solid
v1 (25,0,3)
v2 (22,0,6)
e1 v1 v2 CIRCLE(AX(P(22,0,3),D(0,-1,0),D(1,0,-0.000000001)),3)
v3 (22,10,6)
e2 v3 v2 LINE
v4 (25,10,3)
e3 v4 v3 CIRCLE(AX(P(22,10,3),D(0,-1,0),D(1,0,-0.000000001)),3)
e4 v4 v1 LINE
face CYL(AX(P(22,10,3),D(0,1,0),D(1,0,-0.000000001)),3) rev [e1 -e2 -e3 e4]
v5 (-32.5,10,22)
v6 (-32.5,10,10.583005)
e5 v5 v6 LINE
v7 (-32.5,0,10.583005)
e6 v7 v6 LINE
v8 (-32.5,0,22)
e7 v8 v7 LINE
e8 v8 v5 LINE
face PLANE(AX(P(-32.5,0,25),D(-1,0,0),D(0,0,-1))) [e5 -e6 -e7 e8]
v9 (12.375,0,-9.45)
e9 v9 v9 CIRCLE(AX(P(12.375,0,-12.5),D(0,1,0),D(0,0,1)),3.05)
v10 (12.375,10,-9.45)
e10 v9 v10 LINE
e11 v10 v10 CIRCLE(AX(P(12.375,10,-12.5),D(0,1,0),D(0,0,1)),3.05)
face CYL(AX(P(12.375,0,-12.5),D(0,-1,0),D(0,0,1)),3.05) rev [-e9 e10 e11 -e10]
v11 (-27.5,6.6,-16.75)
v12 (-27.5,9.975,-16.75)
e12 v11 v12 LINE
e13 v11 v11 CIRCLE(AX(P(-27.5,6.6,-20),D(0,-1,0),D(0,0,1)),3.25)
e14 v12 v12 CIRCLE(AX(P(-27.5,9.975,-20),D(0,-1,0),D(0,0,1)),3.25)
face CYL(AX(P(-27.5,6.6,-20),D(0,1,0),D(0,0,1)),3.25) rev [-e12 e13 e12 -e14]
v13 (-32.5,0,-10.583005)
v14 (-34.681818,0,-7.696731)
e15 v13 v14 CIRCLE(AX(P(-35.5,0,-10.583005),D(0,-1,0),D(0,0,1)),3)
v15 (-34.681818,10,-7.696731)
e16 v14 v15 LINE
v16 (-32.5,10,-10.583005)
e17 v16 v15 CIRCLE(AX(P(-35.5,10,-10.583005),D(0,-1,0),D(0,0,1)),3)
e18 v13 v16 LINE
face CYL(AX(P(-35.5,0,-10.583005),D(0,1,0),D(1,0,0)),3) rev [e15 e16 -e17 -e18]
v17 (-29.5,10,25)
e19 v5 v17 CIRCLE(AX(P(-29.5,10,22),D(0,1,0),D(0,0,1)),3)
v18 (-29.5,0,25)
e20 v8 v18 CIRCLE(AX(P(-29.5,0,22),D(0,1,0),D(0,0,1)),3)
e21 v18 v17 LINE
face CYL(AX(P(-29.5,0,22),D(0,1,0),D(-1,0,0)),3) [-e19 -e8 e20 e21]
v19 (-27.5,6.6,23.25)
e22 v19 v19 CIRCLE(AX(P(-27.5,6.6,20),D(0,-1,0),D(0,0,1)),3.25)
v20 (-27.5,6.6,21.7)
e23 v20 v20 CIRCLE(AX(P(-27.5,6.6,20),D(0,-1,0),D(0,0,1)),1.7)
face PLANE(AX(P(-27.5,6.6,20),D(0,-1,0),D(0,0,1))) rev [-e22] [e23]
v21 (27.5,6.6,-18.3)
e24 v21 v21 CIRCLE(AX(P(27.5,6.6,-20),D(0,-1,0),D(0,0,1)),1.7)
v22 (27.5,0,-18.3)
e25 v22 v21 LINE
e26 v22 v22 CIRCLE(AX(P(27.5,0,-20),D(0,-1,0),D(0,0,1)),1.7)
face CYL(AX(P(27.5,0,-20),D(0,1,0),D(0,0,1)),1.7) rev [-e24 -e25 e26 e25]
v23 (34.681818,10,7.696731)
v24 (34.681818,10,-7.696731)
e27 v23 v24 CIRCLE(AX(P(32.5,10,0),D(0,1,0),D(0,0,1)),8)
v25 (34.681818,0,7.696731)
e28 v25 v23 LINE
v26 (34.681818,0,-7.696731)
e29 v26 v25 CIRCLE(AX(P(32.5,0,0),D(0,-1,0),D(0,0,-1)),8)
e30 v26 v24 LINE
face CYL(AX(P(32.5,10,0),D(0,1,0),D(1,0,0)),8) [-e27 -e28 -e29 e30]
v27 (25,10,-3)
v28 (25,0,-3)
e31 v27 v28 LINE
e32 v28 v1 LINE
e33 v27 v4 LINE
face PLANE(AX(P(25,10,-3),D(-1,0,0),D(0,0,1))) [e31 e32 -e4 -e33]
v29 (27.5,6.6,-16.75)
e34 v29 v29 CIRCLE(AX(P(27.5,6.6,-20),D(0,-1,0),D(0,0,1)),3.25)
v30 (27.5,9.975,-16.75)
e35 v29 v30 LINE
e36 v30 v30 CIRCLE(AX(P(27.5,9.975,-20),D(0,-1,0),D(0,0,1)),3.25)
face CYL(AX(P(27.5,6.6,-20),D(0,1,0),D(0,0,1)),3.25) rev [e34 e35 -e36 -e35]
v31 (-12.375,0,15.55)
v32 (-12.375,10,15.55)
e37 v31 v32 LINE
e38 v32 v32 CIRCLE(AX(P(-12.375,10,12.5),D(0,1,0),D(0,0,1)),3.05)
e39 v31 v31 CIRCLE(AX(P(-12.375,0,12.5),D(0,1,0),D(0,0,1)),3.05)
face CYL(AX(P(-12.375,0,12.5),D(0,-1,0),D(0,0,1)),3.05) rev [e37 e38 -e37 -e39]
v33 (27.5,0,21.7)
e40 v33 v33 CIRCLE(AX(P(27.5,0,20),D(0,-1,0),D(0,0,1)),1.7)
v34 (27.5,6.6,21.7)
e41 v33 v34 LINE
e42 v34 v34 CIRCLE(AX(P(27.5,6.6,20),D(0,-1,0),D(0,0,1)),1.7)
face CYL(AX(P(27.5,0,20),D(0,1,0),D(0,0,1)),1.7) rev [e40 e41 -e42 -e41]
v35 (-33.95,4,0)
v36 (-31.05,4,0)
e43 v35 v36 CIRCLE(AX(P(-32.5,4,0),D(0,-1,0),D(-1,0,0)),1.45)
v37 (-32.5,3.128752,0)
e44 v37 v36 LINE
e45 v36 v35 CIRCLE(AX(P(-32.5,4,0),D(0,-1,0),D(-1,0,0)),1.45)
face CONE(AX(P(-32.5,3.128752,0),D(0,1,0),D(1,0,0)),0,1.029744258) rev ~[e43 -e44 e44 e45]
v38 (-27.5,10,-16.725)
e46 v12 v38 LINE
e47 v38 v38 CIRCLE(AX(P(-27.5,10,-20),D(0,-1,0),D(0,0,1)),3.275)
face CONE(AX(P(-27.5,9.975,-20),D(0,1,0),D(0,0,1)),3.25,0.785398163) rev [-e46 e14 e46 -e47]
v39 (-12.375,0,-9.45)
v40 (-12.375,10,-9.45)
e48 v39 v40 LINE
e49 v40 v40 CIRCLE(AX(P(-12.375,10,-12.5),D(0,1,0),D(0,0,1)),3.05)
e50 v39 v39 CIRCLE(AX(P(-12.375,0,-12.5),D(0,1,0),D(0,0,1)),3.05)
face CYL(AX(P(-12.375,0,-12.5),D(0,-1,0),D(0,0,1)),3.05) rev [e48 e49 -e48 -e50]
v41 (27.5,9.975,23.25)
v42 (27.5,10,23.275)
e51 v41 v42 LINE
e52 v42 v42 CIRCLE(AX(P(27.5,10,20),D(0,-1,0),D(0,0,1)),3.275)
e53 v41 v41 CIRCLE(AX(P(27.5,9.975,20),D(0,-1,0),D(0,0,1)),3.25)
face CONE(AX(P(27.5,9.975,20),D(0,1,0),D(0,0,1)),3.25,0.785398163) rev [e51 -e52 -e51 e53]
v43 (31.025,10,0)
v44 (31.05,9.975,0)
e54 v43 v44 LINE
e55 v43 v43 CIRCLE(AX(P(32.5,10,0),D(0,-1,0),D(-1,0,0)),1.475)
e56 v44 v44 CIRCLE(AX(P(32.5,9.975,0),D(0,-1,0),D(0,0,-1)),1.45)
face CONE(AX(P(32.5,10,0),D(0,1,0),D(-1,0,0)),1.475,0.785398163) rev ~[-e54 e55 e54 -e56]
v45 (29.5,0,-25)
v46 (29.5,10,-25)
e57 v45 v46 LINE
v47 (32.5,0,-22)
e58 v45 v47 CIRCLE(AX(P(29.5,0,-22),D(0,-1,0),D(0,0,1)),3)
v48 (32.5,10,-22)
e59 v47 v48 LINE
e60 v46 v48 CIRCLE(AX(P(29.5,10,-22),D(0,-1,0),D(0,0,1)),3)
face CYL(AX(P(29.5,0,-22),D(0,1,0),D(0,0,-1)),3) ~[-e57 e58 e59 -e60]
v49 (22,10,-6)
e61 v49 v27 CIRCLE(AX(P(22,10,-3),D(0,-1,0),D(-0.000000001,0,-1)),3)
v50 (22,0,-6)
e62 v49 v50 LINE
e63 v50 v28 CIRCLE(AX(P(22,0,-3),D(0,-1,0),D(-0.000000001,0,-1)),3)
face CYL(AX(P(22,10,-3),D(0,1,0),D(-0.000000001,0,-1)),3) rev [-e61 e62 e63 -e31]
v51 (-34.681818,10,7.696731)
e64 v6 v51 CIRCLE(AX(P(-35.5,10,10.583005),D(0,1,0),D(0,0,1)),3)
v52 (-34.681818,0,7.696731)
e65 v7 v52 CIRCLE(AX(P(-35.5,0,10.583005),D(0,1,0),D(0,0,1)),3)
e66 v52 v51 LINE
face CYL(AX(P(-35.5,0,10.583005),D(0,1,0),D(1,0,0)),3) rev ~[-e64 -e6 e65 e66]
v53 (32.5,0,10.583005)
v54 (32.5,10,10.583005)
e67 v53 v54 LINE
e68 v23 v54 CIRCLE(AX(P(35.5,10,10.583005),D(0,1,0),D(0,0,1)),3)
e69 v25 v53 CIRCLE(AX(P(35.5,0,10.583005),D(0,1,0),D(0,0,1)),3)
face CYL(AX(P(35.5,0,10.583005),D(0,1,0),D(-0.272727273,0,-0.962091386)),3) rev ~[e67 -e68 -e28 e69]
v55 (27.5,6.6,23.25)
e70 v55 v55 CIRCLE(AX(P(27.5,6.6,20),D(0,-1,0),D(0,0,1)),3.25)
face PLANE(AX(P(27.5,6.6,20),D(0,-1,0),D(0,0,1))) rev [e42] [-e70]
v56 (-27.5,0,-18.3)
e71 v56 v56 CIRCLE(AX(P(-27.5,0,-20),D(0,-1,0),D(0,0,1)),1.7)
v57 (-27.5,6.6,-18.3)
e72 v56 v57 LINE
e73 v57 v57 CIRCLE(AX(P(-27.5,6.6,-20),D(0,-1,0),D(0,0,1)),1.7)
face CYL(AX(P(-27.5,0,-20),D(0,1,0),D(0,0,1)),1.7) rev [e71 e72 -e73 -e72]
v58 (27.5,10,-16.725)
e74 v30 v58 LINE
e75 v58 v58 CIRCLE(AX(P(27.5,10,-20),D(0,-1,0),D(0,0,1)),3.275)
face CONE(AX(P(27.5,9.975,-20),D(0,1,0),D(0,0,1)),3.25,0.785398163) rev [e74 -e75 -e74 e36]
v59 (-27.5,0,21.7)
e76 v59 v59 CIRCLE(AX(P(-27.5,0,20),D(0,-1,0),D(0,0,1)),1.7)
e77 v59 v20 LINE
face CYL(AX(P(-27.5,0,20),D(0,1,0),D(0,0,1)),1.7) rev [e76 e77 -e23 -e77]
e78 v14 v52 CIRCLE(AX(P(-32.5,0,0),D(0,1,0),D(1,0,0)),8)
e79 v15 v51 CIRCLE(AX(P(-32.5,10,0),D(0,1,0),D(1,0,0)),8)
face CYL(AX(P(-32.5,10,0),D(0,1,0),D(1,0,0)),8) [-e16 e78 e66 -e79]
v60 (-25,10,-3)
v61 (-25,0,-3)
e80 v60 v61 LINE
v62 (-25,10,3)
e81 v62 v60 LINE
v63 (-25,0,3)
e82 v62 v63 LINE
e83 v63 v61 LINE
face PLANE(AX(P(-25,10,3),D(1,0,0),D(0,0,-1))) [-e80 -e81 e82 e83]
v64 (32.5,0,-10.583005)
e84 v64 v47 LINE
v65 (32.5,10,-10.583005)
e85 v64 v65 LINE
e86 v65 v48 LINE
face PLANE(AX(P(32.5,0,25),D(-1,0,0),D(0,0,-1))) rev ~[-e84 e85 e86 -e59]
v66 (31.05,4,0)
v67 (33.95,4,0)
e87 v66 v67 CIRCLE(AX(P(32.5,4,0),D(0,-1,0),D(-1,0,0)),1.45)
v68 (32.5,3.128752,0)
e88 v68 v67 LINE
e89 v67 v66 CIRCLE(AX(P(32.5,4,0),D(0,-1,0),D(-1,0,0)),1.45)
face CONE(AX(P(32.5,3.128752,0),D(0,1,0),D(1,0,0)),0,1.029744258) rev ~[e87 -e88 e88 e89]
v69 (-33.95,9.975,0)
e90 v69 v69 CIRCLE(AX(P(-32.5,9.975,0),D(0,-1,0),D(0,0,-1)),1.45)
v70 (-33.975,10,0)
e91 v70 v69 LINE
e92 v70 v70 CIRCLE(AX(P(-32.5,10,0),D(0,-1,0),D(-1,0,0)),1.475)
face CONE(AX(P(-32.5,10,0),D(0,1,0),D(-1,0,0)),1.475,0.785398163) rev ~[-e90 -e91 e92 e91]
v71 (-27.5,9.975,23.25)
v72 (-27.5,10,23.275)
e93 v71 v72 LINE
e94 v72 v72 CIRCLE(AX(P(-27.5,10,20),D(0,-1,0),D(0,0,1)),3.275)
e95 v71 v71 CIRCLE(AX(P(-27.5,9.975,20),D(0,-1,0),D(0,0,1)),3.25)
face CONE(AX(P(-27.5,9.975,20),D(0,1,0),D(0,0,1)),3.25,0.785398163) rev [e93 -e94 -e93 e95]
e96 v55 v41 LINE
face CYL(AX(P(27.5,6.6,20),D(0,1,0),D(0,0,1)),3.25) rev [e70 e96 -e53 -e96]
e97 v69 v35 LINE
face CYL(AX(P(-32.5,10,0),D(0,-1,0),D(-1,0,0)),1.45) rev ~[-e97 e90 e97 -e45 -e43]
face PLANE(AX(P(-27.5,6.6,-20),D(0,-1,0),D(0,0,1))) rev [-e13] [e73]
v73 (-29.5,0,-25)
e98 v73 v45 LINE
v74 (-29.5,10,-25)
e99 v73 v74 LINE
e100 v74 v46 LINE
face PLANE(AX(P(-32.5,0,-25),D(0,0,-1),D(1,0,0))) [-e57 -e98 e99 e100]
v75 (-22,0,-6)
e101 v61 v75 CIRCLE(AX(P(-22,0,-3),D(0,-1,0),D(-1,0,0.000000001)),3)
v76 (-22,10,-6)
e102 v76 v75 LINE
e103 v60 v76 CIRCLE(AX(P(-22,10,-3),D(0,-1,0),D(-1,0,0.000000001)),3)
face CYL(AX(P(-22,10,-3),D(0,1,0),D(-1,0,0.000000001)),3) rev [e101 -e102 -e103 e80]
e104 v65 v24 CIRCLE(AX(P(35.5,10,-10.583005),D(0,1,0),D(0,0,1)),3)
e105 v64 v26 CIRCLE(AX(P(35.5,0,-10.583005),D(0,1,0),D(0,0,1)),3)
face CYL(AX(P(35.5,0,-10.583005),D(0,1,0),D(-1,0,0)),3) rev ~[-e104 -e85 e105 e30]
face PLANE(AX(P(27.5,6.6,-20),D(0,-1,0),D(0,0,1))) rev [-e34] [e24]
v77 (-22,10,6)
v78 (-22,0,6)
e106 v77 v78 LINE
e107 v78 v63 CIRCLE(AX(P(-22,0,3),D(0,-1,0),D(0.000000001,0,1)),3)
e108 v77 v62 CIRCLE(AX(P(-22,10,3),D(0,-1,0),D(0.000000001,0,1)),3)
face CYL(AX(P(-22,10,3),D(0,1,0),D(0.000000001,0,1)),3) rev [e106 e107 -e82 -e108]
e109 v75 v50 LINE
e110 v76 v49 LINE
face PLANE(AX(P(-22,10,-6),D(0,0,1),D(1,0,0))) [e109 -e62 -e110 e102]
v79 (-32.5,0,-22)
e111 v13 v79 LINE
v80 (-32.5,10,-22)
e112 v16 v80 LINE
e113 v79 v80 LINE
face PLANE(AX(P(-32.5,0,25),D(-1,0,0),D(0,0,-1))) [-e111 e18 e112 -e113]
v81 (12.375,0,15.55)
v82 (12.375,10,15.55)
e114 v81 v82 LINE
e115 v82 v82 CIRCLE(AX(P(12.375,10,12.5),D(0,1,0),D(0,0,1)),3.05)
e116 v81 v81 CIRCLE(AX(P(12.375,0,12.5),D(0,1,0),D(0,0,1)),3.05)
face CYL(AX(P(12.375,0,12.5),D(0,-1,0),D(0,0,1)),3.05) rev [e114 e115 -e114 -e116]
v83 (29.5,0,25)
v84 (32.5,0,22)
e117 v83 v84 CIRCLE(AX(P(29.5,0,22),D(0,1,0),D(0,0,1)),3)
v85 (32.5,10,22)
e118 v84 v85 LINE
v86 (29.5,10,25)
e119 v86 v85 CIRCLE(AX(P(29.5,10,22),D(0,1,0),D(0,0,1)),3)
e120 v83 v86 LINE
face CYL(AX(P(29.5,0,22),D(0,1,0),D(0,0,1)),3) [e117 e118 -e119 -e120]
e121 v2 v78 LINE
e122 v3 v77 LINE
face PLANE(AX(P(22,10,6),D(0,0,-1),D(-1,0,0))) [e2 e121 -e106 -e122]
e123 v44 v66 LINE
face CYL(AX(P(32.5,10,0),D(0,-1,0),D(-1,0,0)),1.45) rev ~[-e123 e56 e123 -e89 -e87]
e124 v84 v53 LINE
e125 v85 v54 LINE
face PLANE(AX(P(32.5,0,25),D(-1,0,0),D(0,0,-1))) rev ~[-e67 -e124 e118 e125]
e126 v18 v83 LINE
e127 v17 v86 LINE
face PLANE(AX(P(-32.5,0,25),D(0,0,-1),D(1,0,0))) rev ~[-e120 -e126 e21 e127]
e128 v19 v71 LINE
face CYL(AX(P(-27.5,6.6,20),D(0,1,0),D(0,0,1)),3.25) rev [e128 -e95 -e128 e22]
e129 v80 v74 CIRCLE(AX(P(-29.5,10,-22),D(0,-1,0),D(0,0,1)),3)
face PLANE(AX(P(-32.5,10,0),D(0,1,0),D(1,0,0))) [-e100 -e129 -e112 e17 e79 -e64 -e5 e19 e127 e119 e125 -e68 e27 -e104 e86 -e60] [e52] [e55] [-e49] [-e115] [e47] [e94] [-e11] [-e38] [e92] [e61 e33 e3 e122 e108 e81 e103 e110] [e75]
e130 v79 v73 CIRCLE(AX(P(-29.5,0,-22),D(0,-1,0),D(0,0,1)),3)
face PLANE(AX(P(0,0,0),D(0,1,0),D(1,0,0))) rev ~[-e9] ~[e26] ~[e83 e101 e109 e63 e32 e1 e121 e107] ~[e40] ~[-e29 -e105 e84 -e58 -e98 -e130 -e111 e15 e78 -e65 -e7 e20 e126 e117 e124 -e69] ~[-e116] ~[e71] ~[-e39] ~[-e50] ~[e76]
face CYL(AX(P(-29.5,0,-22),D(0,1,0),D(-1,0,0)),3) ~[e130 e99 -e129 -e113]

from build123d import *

# Parameters (mm, degrees)
SKETCH1_W                                    = 65
SKETCH1_H                                    = 50
SKETCH1_R                                    = 3.05
BOSS_EXTRUDE1_DEPTH                          = 10
FILLET1_R                                    = 3
CBORE_FOR_M3_HEX_SOCKET_HEAD_CAP_SCR_2_COUNT = 2
CBORE_FOR_M3_HEX_SOCKET_HEAD_CAP_SCR_2_PITCH = 55
CBORE_FOR_M3_HEX_SOCKET_HEAD_CAP_SCR_3_COUNT = 2
CBORE_FOR_M3_HEX_SOCKET_HEAD_CAP_SCR_3_PITCH = 68.007352544
CBORE_FOR_M3_HEX_SOCKET_HEAD_CAP_SCR_4_COUNT = 2
CBORE_FOR_M3_HEX_SOCKET_HEAD_CAP_SCR_4_PITCH = 40
SKETCH6_R                                    = 8
BOSS_EXTRUDE2_DEPTH                          = 10
FILLET2_R                                    = 3
F_2_9_2_9_DIAMETER_HOLE1_D                   = 2.9
F_2_9_2_9_DIAMETER_HOLE1_DEPTH               = 6
F_2_9_2_9_DIAMETER_HOLE1_CSINK_D             = 2.95
F_2_9_2_9_DIAMETER_HOLE1_CSINK_ANGLE         = 90
F_2_9_2_9_DIAMETER_HOLE1_TIP                 = 0.871247898
CUT_EXTRUDE1_DEPTH                           = 10


with BuildPart() as part:
    # Sketch1 → Boss-Extrude1 (new body)
    with BuildSketch(Plane(origin=(0, 0, 0), x_dir=(1, 0, 0), z_dir=(0, 1, 0))):
        Rectangle(SKETCH1_W, SKETCH1_H)
        with Locations(Location((-12.375, 12.5, 0), (0, 0, 270))):
            Circle(SKETCH1_R, mode=Mode.SUBTRACT)
        with Locations(Location((-12.375, -12.5, 0), (0, 0, 270))):
            Circle(SKETCH1_R, mode=Mode.SUBTRACT)
        with Locations(Location((12.375, 12.5, 0), (0, 0, 270))):
            Circle(SKETCH1_R, mode=Mode.SUBTRACT)
        with Locations(Location((12.375, -12.5, 0), (0, 0, 270))):
            Circle(SKETCH1_R, mode=Mode.SUBTRACT)
    extrude(amount=BOSS_EXTRUDE1_DEPTH)

    # Fillet1
    fillet1_edges = [part.edges().sort_by_distance(p)[0] for p in [
        (32.5, 5, 25),
        (-32.5, 5, 25),
        (-32.5, 5, -25),
        (32.5, 5, -25),
    ]]
    fillet(fillet1_edges, radius=FILLET1_R)

    # Sketch3 → CBORE for M3 Hex Socket Head Cap Screw1 (revolve, cut)
    with BuildSketch(Plane(origin=(27.5, 10, -20), x_dir=(0, 0, 1), z_dir=(1, 0, 0))):
        Polygon((0, 0), (0, 10), (1.7, 10), (1.7, 3.4), (3.25, 3.4), (3.25, 0.025), (3.275, 0), align=None)
    cbore_for_m3_hex_socket_head_cap_screw1 = revolve(axis=Axis((27.5, 16.35, -20), (0, -1, 0)), mode=Mode.SUBTRACT)

    # CBORE for M3 Hex Socket Head Cap Scr 2: CBORE for M3 Hex Socket Head Cap Screw1 ×2
    with Locations(*[(-i * CBORE_FOR_M3_HEX_SOCKET_HEAD_CAP_SCR_2_PITCH, 0, 0) for i in range(1, CBORE_FOR_M3_HEX_SOCKET_HEAD_CAP_SCR_2_COUNT)]):
        add(cbore_for_m3_hex_socket_head_cap_screw1, mode=Mode.SUBTRACT)

    # CBORE for M3 Hex Socket Head Cap Scr 3: CBORE for M3 Hex Socket Head Cap Screw1 ×2
    with Locations(*[Vector(-0.8087360843031886, 0, 0.5881716976750463) * (i * CBORE_FOR_M3_HEX_SOCKET_HEAD_CAP_SCR_3_PITCH) for i in range(1, CBORE_FOR_M3_HEX_SOCKET_HEAD_CAP_SCR_3_COUNT)]):
        add(cbore_for_m3_hex_socket_head_cap_screw1, mode=Mode.SUBTRACT)

    # CBORE for M3 Hex Socket Head Cap Scr 4: CBORE for M3 Hex Socket Head Cap Screw1 ×2
    with Locations(*[(0, 0, i * CBORE_FOR_M3_HEX_SOCKET_HEAD_CAP_SCR_4_PITCH) for i in range(1, CBORE_FOR_M3_HEX_SOCKET_HEAD_CAP_SCR_4_COUNT)]):
        add(cbore_for_m3_hex_socket_head_cap_screw1, mode=Mode.SUBTRACT)

    # Sketch6 → Boss-Extrude2 (add)
    with BuildSketch(Plane(origin=(0, 10, 0), x_dir=(1, 0, 0), z_dir=(0, 1, 0))):
        with Locations((-32.5, 0)):
            Circle(SKETCH6_R)
        with Locations((32.5, 0)):
            Circle(SKETCH6_R)
    extrude(amount=-BOSS_EXTRUDE2_DEPTH)

    # Fillet2
    fillet2_edges = [part.edges().sort_by_distance(p)[0] for p in [
        (32.5, 5, -8),
        (32.5, 5, 8),
        (-32.5, 5, 8),
        (-32.5, 5, -8),
    ]]
    fillet(fillet2_edges, radius=FILLET2_R)

    # Ø2.9 (2.9) Diameter Hole1
    with Locations(Plane(origin=(0, 10, 0), x_dir=(1, 0, 0), z_dir=(0, 1, 0))):
        with Locations((-32.5, 0), (32.5, 0)):
            CounterSinkHole(F_2_9_2_9_DIAMETER_HOLE1_D / 2, F_2_9_2_9_DIAMETER_HOLE1_CSINK_D / 2, depth=F_2_9_2_9_DIAMETER_HOLE1_DEPTH, counter_sink_angle=F_2_9_2_9_DIAMETER_HOLE1_CSINK_ANGLE)
            with Locations((0, 0, -(F_2_9_2_9_DIAMETER_HOLE1_DEPTH + F_2_9_2_9_DIAMETER_HOLE1_TIP / 2))):  # 118° drill point
                Cone(0, F_2_9_2_9_DIAMETER_HOLE1_D / 2, F_2_9_2_9_DIAMETER_HOLE1_TIP, mode=Mode.SUBTRACT)

    # Sketch9 → Cut-Extrude1 (cut)
    with BuildSketch(Plane(origin=(0, 10, 0), x_dir=(1, 0, 0), z_dir=(0, 1, 0))):
        with BuildLine():
            Line((-22, 6), (22, 6))
            ThreePointArc((22, 6), (24.121320344, 5.121320344), (25, 3))
            Line((25, 3), (25, -3))
            ThreePointArc((25, -3), (24.121320344, -5.121320344), (22, -6))
            Line((22, -6), (-22, -6))
            ThreePointArc((-22, -6), (-24.121320344, -5.121320344), (-25, -3))
            Line((-25, -3), (-25, 3))
            ThreePointArc((-25, 3), (-24.121320344, 5.121320344), (-22, 6))
        make_face()
    extrude(amount=-CUT_EXTRUDE1_DEPTH, mode=Mode.SUBTRACT)


solid = part.part
